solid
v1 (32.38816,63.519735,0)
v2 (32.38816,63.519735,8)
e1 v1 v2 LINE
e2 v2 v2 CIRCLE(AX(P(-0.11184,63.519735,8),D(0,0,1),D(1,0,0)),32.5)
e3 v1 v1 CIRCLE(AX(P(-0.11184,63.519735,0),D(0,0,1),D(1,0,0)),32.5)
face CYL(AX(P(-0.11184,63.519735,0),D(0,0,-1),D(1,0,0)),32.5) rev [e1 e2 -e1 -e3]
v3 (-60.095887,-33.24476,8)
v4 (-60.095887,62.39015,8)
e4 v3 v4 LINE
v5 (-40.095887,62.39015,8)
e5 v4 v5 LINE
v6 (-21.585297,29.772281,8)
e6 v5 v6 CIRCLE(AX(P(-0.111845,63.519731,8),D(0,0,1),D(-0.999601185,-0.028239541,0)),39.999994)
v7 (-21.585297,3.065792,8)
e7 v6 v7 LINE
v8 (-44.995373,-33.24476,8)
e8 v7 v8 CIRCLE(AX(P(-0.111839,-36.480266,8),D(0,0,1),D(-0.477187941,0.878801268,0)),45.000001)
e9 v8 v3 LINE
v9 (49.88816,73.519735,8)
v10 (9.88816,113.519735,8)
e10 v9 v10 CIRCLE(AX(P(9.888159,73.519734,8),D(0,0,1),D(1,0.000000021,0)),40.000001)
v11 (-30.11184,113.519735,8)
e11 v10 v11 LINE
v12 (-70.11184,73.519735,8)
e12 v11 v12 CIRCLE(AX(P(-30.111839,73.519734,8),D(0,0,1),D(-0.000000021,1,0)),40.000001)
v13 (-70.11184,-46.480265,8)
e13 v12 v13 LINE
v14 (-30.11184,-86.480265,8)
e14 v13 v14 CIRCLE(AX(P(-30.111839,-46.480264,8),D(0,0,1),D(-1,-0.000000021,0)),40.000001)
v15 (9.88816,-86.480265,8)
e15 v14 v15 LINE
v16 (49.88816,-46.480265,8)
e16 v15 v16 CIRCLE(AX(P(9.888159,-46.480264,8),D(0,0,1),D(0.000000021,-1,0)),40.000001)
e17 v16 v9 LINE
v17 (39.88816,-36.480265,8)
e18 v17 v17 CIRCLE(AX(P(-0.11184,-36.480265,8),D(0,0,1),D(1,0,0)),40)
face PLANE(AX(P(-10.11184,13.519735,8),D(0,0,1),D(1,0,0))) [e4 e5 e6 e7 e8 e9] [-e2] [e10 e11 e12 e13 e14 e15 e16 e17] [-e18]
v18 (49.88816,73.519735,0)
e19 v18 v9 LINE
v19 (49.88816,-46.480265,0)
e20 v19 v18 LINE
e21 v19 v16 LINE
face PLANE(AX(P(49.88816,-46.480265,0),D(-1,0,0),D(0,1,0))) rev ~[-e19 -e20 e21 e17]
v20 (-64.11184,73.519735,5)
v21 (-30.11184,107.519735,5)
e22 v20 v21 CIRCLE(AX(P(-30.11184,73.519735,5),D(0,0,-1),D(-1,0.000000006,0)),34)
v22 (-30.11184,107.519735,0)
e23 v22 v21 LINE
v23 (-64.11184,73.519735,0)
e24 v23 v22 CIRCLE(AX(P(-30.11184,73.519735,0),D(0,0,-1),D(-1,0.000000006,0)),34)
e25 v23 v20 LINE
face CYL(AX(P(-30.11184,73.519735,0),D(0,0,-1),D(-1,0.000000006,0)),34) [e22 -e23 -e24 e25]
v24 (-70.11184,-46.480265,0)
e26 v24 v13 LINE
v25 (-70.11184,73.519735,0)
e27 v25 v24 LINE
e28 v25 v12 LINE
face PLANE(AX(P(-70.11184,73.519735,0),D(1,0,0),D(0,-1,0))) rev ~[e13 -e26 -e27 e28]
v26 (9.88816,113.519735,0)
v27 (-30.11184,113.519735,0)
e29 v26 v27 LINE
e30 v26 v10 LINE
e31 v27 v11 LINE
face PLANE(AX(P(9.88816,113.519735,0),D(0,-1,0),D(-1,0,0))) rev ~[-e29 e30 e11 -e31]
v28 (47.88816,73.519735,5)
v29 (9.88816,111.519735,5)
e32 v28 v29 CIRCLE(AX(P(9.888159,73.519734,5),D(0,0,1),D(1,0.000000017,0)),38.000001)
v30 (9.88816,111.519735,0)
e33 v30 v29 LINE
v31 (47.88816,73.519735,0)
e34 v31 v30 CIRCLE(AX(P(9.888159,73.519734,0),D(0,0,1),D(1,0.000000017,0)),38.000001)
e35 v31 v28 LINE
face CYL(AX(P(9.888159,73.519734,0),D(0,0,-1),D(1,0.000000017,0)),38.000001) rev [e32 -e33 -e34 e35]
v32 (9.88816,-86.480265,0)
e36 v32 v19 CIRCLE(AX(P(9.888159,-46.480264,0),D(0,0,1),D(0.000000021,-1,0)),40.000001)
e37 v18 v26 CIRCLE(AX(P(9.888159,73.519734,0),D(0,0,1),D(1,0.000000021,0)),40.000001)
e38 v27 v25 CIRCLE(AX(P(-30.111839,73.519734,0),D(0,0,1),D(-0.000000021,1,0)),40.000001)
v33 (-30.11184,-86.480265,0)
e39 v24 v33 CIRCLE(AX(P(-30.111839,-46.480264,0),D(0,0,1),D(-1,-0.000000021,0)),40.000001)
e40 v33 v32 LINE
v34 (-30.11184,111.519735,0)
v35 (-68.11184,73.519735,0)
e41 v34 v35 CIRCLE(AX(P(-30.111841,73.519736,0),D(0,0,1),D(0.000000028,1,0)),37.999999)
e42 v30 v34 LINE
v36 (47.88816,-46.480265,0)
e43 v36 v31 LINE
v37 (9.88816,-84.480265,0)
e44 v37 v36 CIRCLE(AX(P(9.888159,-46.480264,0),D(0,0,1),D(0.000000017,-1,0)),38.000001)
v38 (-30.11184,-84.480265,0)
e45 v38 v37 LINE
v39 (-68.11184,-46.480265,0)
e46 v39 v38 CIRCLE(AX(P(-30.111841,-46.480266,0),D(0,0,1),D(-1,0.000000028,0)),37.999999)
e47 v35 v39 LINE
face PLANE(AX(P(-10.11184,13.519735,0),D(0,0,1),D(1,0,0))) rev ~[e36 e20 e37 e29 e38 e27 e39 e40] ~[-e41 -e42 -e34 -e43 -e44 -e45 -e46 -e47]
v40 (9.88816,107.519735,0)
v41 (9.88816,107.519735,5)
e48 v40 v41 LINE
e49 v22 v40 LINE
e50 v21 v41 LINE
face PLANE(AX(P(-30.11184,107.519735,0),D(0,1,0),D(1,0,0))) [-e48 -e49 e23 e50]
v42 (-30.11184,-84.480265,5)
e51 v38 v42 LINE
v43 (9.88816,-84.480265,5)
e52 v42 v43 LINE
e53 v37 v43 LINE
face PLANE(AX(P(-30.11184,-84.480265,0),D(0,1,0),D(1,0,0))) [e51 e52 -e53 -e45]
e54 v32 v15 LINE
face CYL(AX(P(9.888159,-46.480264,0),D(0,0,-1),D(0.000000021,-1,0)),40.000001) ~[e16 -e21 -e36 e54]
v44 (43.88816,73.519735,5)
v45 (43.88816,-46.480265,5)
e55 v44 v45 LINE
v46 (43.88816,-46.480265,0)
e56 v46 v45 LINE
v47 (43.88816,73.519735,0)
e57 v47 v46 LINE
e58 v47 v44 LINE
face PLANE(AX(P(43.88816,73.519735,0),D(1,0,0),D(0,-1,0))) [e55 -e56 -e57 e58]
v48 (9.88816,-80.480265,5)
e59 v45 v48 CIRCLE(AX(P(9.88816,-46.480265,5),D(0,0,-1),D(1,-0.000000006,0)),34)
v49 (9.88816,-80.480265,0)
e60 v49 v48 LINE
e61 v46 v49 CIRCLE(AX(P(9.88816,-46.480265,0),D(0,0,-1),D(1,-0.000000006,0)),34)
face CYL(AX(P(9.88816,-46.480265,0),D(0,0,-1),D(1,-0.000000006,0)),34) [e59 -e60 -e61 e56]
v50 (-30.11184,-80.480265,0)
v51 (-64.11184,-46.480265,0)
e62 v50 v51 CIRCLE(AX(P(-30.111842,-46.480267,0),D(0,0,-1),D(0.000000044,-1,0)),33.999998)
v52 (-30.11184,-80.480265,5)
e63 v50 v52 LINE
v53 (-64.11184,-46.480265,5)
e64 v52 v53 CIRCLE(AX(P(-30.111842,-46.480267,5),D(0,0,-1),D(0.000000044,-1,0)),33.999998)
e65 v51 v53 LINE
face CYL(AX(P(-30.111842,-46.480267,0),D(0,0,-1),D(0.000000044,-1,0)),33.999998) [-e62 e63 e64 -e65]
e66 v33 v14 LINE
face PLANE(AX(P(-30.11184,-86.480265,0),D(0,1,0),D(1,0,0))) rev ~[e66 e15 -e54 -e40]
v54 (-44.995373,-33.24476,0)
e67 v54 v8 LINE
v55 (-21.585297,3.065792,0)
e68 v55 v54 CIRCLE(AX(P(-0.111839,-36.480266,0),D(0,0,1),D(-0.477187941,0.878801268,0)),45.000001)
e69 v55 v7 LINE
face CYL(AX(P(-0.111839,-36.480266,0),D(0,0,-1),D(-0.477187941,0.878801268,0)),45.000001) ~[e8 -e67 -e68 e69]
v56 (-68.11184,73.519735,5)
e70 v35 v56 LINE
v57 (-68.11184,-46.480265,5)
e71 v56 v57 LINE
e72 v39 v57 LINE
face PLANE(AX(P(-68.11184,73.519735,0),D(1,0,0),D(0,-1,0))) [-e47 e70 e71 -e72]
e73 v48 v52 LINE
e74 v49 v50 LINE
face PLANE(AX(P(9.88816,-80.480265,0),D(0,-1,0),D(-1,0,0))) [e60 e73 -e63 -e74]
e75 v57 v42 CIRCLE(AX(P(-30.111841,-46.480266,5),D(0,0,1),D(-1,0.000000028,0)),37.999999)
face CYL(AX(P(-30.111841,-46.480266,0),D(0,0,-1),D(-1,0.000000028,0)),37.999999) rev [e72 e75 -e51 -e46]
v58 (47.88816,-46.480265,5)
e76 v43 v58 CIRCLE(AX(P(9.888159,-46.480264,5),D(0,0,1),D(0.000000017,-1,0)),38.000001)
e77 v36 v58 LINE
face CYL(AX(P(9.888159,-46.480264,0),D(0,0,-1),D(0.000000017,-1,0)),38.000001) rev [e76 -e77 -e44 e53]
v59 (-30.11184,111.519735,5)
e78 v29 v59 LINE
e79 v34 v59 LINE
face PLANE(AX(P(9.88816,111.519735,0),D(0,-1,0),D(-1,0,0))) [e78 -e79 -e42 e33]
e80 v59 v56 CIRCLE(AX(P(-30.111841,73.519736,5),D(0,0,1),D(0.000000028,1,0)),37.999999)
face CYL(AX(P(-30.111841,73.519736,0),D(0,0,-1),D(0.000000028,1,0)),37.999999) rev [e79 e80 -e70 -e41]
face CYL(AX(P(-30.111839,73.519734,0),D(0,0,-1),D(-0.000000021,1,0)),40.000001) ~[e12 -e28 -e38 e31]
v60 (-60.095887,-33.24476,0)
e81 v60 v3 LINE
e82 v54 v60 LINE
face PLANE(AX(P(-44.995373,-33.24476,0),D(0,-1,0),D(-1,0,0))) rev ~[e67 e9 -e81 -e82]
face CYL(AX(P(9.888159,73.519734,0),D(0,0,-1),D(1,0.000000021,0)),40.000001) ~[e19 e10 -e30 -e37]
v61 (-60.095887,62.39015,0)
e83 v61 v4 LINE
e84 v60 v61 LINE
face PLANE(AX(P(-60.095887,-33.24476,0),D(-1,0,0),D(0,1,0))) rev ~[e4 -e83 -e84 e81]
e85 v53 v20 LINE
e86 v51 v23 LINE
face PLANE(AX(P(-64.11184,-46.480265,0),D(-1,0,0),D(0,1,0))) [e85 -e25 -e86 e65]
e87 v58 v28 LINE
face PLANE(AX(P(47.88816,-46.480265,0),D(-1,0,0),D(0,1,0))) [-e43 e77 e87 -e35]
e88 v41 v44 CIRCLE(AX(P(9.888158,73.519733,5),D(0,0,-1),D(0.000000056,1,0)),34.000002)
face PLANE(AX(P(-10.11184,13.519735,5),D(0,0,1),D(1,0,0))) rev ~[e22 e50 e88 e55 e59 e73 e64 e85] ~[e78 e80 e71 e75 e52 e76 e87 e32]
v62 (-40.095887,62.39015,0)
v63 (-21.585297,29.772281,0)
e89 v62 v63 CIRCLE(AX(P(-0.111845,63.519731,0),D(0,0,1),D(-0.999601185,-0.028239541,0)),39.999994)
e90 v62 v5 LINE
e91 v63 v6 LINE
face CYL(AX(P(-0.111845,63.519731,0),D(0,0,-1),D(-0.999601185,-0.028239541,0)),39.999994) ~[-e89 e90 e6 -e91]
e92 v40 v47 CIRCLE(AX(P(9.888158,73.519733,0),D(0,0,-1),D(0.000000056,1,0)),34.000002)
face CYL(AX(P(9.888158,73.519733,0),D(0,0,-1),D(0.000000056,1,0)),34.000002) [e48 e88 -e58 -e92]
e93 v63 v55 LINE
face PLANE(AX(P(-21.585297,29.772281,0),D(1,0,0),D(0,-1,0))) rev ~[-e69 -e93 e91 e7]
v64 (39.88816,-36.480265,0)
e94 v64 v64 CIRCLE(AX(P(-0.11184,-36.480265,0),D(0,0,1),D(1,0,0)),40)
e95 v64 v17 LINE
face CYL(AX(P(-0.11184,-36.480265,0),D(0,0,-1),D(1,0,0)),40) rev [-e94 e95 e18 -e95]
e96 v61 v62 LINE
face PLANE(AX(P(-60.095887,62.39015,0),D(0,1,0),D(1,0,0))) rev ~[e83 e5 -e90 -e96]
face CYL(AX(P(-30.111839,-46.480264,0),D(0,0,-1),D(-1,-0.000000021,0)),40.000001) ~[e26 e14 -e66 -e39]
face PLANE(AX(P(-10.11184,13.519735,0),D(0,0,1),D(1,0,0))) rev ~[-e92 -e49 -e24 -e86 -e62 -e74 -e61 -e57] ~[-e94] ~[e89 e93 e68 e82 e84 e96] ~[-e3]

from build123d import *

# Parameters (mm, degrees)
F0_R     = 40
F0_R_2   = 32.5
F1_DEPTH = 8
F2_DEPTH = 5


with BuildPart() as f1:
    # F0 (on Top) → F1 (new body)
    with BuildSketch(Plane.XY):
        with BuildLine():
            Line((9.88816, 113.519735), (-30.11184, 113.519735))
            ThreePointArc((-30.11184, 113.519735), (-58.396111, 101.804006), (-70.11184, 73.519735))
            Line((-70.11184, 73.519735), (-70.11184, -46.480265))
            ThreePointArc((-70.11184, -46.480265), (-58.396111, -74.764536), (-30.11184, -86.480265))
            Line((-30.11184, -86.480265), (9.88816, -86.480265))
            ThreePointArc((9.88816, -86.480265), (38.172431, -74.764536), (49.88816, -46.480265))
            Line((49.88816, -46.480265), (49.88816, 73.519735))
            ThreePointArc((49.88816, 73.519735), (38.172431, 101.804006), (9.88816, 113.519735))
        make_face()
        with BuildLine():
            ThreePointArc((-68.11184, 73.519735), (-56.981898, 100.389793), (-30.11184, 111.519735))
            Line((-30.11184, 111.519735), (9.88816, 111.519735))
            ThreePointArc((9.88816, 111.519735), (36.758217, 100.389793), (47.88816, 73.519735))
            Line((47.88816, 73.519735), (47.88816, -46.480265))
            ThreePointArc((47.88816, -46.480265), (36.758217, -73.350323), (9.88816, -84.480265))
            Line((9.88816, -84.480265), (-30.11184, -84.480265))
            ThreePointArc((-30.11184, -84.480265), (-56.981898, -73.350323), (-68.11184, -46.480265))
            Line((-68.11184, -46.480265), (-68.11184, 73.519735))
        make_face(mode=Mode.SUBTRACT)
        with BuildLine():
            Line((9.88816, 111.519735), (-30.11184, 111.519735))
            ThreePointArc((-30.11184, 111.519735), (-56.981898, 100.389793), (-68.11184, 73.519735))
            Line((-68.11184, 73.519735), (-68.11184, -46.480265))
            ThreePointArc((-68.11184, -46.480265), (-56.981898, -73.350323), (-30.11184, -84.480265))
            Line((-30.11184, -84.480265), (9.88816, -84.480265))
            ThreePointArc((9.88816, -84.480265), (36.758217, -73.350323), (47.88816, -46.480265))
            Line((47.88816, -46.480265), (47.88816, 73.519735))
            ThreePointArc((47.88816, 73.519735), (36.758217, 100.389793), (9.88816, 111.519735))
        make_face()
        with BuildLine():
            Line((-64.11184, -46.480265), (-64.11184, 73.519735))
            ThreePointArc((-64.11184, 73.519735), (-54.153471, 97.561365), (-30.11184, 107.519735))
            Line((-30.11184, 107.519735), (9.88816, 107.519735))
            ThreePointArc((9.88816, 107.519735), (33.92979, 97.561365), (43.88816, 73.519735))
            Line((43.88816, 73.519735), (43.88816, -46.480265))
            ThreePointArc((43.88816, -46.480265), (33.92979, -70.521896), (9.88816, -80.480265))
            Line((9.88816, -80.480265), (-30.11184, -80.480265))
            ThreePointArc((-30.11184, -80.480265), (-54.153471, -70.521896), (-64.11184, -46.480265))
        make_face(mode=Mode.SUBTRACT)
        with BuildLine():
            ThreePointArc((-30.11184, 107.519735), (-54.153471, 97.561365), (-64.11184, 73.519735))
            Line((-64.11184, 73.519735), (-64.11184, -46.480265))
            ThreePointArc((-64.11184, -46.480265), (-54.153471, -70.521896), (-30.11184, -80.480265))
            Line((-30.11184, -80.480265), (9.88816, -80.480265))
            ThreePointArc((9.88816, -80.480265), (33.92979, -70.521896), (43.88816, -46.480265))
            Line((43.88816, -46.480265), (43.88816, 73.519735))
            ThreePointArc((43.88816, 73.519735), (33.92979, 97.561365), (9.88816, 107.519735))
            Line((9.88816, 107.519735), (-30.11184, 107.519735))
        make_face()
        with Locations((-0.11184, -36.480265)):
            Circle(F0_R, mode=Mode.SUBTRACT)
        with BuildLine():
            Line((-60.095887, 62.39015), (-40.095887, 62.39015))
            ThreePointArc((-40.095887, 62.39015), (-34.900309, 43.777332), (-21.585297, 29.772281))
            Line((-21.585297, 29.772281), (-21.585297, 3.065792))
            ThreePointArc((-21.585297, 3.065792), (-37.93282, -12.096388), (-44.995373, -33.24476))
            Line((-44.995373, -33.24476), (-60.095887, -33.24476))
            Line((-60.095887, -33.24476), (-60.095887, 62.39015))
        make_face(mode=Mode.SUBTRACT)
        with Locations((-0.11184, 63.519735)):
            Circle(F0_R_2, mode=Mode.SUBTRACT)
    extrude(amount=F1_DEPTH)

    # F0 (on Top) → F2 (cut)
    with BuildSketch(Plane.XY):
        with BuildLine():
            Line((9.88816, 111.519735), (-30.11184, 111.519735))
            ThreePointArc((-30.11184, 111.519735), (-56.981898, 100.389793), (-68.11184, 73.519735))
            Line((-68.11184, 73.519735), (-68.11184, -46.480265))
            ThreePointArc((-68.11184, -46.480265), (-56.981898, -73.350323), (-30.11184, -84.480265))
            Line((-30.11184, -84.480265), (9.88816, -84.480265))
            ThreePointArc((9.88816, -84.480265), (36.758217, -73.350323), (47.88816, -46.480265))
            Line((47.88816, -46.480265), (47.88816, 73.519735))
            ThreePointArc((47.88816, 73.519735), (36.758217, 100.389793), (9.88816, 111.519735))
        make_face()
        with BuildLine():
            Line((-64.11184, -46.480265), (-64.11184, 73.519735))
            ThreePointArc((-64.11184, 73.519735), (-54.153471, 97.561365), (-30.11184, 107.519735))
            Line((-30.11184, 107.519735), (9.88816, 107.519735))
            ThreePointArc((9.88816, 107.519735), (33.92979, 97.561365), (43.88816, 73.519735))
            Line((43.88816, 73.519735), (43.88816, -46.480265))
            ThreePointArc((43.88816, -46.480265), (33.92979, -70.521896), (9.88816, -80.480265))
            Line((9.88816, -80.480265), (-30.11184, -80.480265))
            ThreePointArc((-30.11184, -80.480265), (-54.153471, -70.521896), (-64.11184, -46.480265))
        make_face(mode=Mode.SUBTRACT)
    extrude(amount=F2_DEPTH, mode=Mode.SUBTRACT)


solid = f1.part
